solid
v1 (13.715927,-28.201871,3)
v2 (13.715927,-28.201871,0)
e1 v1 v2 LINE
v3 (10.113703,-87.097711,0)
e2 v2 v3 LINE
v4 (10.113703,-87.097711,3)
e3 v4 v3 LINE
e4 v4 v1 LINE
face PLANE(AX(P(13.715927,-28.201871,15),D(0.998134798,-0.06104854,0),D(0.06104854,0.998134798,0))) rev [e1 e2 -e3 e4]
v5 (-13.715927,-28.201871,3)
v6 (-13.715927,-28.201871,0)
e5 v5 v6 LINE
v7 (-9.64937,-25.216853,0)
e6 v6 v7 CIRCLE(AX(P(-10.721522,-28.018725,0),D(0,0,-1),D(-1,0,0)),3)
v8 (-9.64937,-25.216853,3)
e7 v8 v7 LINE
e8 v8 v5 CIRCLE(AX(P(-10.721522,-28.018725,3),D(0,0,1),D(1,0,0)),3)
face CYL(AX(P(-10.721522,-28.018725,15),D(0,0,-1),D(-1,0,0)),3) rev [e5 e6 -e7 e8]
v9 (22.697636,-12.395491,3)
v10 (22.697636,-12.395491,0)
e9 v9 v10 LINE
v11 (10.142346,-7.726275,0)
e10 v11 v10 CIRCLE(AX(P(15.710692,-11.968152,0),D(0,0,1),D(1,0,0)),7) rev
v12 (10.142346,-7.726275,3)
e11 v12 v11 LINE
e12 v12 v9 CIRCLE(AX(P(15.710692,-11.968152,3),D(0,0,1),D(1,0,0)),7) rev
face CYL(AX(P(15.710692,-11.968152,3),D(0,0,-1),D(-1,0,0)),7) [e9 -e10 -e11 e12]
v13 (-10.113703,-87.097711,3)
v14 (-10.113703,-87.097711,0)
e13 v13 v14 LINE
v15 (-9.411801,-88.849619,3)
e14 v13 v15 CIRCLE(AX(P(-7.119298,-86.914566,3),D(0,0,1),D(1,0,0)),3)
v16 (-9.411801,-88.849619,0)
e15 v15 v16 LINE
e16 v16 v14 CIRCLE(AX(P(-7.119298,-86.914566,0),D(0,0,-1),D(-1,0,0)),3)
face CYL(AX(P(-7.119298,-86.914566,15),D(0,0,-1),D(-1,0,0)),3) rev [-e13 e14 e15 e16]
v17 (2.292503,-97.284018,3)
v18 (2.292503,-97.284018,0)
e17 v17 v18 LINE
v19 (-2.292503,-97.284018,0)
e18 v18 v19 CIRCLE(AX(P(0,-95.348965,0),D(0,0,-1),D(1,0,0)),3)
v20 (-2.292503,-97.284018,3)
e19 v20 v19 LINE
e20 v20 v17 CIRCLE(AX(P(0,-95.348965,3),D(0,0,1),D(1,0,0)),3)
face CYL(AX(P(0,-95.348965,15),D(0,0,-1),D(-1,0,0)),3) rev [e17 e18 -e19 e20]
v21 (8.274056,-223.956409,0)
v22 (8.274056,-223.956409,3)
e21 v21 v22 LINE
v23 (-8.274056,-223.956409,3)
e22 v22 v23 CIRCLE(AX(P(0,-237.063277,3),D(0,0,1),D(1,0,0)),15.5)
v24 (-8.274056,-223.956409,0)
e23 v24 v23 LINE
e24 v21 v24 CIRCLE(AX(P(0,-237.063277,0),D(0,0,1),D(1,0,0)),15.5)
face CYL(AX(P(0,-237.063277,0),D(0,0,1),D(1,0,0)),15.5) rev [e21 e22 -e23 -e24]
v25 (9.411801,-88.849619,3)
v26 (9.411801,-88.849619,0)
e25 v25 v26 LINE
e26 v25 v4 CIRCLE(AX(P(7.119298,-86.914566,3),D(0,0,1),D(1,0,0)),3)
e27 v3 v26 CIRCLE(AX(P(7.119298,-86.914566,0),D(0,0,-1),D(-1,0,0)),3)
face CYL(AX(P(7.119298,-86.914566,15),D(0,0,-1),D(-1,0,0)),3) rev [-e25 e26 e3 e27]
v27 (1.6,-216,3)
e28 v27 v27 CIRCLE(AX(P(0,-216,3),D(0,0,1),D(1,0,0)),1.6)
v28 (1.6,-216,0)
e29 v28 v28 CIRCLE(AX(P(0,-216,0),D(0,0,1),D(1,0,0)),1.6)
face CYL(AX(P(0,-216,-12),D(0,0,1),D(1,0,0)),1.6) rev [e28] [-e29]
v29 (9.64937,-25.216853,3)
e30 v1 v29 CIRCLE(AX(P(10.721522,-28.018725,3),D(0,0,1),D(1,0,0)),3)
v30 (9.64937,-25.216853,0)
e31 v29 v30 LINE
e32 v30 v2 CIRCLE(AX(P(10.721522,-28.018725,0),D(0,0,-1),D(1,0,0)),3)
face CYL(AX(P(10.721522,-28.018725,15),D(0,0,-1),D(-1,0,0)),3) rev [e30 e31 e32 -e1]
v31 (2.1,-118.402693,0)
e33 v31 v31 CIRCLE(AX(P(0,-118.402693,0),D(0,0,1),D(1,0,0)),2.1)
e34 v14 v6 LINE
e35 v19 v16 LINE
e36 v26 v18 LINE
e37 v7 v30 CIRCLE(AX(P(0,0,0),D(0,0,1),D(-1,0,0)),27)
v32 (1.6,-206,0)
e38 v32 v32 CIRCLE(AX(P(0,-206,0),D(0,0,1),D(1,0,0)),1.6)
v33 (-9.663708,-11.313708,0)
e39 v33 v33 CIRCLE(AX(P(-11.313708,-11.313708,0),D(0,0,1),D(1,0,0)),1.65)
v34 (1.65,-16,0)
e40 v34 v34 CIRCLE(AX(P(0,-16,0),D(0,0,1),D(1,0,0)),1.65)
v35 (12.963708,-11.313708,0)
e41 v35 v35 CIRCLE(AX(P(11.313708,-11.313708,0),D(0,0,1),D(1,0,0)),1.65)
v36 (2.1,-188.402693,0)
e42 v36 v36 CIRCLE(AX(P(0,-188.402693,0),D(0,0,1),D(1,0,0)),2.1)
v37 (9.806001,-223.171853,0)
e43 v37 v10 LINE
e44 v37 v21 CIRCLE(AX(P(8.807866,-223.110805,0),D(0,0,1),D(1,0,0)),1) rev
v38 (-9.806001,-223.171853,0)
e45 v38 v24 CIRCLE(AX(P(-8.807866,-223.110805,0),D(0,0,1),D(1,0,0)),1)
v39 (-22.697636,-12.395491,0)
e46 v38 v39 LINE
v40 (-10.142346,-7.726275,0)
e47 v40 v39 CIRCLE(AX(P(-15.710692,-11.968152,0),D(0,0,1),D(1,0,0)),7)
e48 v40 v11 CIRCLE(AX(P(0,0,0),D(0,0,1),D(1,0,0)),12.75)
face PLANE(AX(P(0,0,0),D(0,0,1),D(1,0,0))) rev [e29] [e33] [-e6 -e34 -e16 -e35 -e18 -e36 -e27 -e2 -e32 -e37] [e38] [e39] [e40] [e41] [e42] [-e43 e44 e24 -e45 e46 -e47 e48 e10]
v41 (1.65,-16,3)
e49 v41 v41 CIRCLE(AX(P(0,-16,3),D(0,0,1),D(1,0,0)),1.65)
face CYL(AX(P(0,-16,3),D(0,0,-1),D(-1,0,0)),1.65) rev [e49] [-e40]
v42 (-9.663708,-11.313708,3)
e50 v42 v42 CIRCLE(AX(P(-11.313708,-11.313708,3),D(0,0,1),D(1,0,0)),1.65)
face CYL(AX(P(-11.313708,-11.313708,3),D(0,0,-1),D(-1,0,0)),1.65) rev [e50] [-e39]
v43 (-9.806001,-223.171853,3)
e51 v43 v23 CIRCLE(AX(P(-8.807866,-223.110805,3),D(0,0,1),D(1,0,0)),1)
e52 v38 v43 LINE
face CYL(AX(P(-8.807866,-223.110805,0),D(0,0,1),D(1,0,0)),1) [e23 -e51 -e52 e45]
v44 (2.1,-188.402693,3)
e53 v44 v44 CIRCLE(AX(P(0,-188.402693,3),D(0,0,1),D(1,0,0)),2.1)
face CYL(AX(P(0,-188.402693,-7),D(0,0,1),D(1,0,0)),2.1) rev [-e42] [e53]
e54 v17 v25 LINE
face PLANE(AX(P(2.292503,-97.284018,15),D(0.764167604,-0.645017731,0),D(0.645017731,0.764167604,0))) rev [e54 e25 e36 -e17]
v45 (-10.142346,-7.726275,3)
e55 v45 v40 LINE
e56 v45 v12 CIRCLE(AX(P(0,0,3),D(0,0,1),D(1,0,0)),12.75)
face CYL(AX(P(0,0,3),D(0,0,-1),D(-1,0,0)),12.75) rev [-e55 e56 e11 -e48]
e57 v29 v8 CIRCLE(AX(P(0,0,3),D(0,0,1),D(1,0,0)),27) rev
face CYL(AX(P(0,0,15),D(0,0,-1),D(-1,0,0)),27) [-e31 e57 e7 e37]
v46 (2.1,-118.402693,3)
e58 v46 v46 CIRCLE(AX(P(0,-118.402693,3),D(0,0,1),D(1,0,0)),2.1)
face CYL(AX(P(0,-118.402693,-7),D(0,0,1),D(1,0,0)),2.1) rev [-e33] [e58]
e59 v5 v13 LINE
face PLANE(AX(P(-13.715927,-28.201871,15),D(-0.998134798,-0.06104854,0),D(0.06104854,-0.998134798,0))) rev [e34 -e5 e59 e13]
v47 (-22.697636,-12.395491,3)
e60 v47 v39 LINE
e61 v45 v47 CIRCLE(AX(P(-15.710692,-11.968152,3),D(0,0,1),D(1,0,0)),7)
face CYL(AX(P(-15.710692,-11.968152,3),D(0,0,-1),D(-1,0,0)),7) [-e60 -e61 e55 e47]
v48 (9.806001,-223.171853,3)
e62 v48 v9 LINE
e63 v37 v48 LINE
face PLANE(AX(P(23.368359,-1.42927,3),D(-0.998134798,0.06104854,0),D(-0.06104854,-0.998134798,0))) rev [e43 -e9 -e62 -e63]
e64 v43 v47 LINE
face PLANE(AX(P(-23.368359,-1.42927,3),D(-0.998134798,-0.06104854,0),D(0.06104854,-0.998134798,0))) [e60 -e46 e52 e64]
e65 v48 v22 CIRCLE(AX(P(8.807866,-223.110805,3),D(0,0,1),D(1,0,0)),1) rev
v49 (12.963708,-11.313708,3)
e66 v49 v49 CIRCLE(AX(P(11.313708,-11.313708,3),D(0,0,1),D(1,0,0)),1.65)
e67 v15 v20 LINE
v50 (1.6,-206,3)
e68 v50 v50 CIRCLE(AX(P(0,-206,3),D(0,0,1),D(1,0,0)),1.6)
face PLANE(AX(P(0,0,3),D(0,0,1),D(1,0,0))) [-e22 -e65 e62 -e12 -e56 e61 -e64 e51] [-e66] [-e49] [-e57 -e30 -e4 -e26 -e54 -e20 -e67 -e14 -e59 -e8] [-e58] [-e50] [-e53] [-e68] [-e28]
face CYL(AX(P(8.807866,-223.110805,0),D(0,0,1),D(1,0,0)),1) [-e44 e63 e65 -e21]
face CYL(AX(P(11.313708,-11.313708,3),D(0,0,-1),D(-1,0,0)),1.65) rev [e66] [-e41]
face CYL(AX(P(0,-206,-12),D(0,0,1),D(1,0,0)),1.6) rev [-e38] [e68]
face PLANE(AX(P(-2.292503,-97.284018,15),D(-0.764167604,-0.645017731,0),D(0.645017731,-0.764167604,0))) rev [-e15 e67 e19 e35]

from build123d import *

# Parameters (mm, degrees)
SKETCH_1_R          = 1.65
EXTRUDE_1_DEPTH     = 3
SKETCH_2_R          = 1.6
CUT_EXTRUDE_1_DEPTH = 15
CUT_EXTRUDE_2_DEPTH = 15
SKETCH_5_R          = 2.1
CUT_EXTRUDE_4_DEPTH = 10
EXTRUDE_2_DEPTH     = 3


with BuildPart() as part:
    # 草图1 → 凸台-拉伸1 (new body)
    with BuildSketch(Plane.XY):
        with BuildLine():
            Line((-10, -220), (10, -220))
            Line((10, -220), (22.697635701, -12.395491404))
            ThreePointArc((22.697635701, -12.395491404), (18.150671537, -5.407168438), (10.142345541, -7.726275101))
            ThreePointArc((10.142345541, -7.726275101), (0, -12.75), (-10.142345541, -7.726275101))
            ThreePointArc((-10.142345541, -7.726275101), (-18.150671537, -5.407168438), (-22.697635701, -12.395491404))
            Line((-22.697635701, -12.395491404), (-10, -220))
        make_face()
        with Locations((-11.313708499, -11.313708499)):
            Circle(SKETCH_1_R, mode=Mode.SUBTRACT)
        with Locations((0, -16)):
            Circle(SKETCH_1_R, mode=Mode.SUBTRACT)
        with Locations((11.313708499, -11.313708499)):
            Circle(SKETCH_1_R, mode=Mode.SUBTRACT)
    extrude(amount=EXTRUDE_1_DEPTH)

    # 草图2 → 切除-拉伸1 (cut)
    with BuildSketch(Plane.XY.offset(3)):
        with Locations((0, -216)):
            Circle(SKETCH_2_R)
        with Locations((0, -206)):
            Circle(SKETCH_2_R)
    extrude(amount=-CUT_EXTRUDE_1_DEPTH, mode=Mode.SUBTRACT)

    # 草图4 → 切除-拉伸2 (cut)
    with BuildSketch(Plane(origin=(0, 0, 0), x_dir=(-1, 0, 0), z_dir=(0, 0, -1))):
        with BuildLine():
            Line((-13.715926625, -28.201870805), (-10.113702702, -87.097711346))
            ThreePointArc((-10.113702702, -87.097711346), (-9.904103863, -88.030297779), (-9.411801117, -88.849618921))
            Line((-9.411801117, -88.849618921), (-2.292502811, -97.284018261))
            ThreePointArc((-2.292502811, -97.284018261), (0, -98.348965067), (2.292502811, -97.284018261))
            Line((2.292502811, -97.284018261), (9.411801117, -88.849618921))
            ThreePointArc((9.411801117, -88.849618921), (9.904103863, -88.030297779), (10.113702702, -87.097711346))
            Line((10.113702702, -87.097711346), (13.715926625, -28.201870805))
            ThreePointArc((13.715926625, -28.201870805), (12.496725506, -25.600326268), (9.649370007, -25.216852668))
            ThreePointArc((9.649370007, -25.216852668), (0, -27), (-9.649370007, -25.216852668))
            ThreePointArc((-9.649370007, -25.216852668), (-12.496725506, -25.600326268), (-13.715926625, -28.201870805))
        make_face()
    extrude(amount=-CUT_EXTRUDE_2_DEPTH, mode=Mode.SUBTRACT)

    # 草图5 → 切除-拉伸4 (cut)
    with BuildSketch(Plane.XY.offset(3)):
        with Locations((0, -188.402692504)):
            Circle(SKETCH_5_R)
        with Locations((0, -118.402692504)):
            Circle(SKETCH_5_R)
    extrude(amount=-CUT_EXTRUDE_4_DEPTH, mode=Mode.SUBTRACT)

    # 草图3 → 凸台-拉伸2 (add)
    with BuildSketch(Plane.XY.offset(3)):
        with BuildLine():
            Line((10, -220), (0, -220))
            Line((0, -220), (0, -221.563277065))
            ThreePointArc((0, -221.563277065), (4.306596315, -222.17357498), (8.274056276, -223.956408914))
            ThreePointArc((8.274056276, -223.956408914), (9.263696736, -224.000871181), (9.806001156, -223.171853056))
            Line((9.806001156, -223.171853056), (10, -220))
        make_face()
        with BuildLine():
            Line((0, -220), (-10, -220))
            Line((-10, -220), (-9.806001156, -223.171853056))
            ThreePointArc((-9.806001156, -223.171853056), (-9.263696736, -224.000871181), (-8.274056276, -223.956408914))
            ThreePointArc((-8.274056276, -223.956408914), (-4.306596315, -222.17357498), (0, -221.563277065))
            Line((0, -221.563277065), (0, -220))
        make_face()
    extrude(amount=-EXTRUDE_2_DEPTH)


solid = part.part
